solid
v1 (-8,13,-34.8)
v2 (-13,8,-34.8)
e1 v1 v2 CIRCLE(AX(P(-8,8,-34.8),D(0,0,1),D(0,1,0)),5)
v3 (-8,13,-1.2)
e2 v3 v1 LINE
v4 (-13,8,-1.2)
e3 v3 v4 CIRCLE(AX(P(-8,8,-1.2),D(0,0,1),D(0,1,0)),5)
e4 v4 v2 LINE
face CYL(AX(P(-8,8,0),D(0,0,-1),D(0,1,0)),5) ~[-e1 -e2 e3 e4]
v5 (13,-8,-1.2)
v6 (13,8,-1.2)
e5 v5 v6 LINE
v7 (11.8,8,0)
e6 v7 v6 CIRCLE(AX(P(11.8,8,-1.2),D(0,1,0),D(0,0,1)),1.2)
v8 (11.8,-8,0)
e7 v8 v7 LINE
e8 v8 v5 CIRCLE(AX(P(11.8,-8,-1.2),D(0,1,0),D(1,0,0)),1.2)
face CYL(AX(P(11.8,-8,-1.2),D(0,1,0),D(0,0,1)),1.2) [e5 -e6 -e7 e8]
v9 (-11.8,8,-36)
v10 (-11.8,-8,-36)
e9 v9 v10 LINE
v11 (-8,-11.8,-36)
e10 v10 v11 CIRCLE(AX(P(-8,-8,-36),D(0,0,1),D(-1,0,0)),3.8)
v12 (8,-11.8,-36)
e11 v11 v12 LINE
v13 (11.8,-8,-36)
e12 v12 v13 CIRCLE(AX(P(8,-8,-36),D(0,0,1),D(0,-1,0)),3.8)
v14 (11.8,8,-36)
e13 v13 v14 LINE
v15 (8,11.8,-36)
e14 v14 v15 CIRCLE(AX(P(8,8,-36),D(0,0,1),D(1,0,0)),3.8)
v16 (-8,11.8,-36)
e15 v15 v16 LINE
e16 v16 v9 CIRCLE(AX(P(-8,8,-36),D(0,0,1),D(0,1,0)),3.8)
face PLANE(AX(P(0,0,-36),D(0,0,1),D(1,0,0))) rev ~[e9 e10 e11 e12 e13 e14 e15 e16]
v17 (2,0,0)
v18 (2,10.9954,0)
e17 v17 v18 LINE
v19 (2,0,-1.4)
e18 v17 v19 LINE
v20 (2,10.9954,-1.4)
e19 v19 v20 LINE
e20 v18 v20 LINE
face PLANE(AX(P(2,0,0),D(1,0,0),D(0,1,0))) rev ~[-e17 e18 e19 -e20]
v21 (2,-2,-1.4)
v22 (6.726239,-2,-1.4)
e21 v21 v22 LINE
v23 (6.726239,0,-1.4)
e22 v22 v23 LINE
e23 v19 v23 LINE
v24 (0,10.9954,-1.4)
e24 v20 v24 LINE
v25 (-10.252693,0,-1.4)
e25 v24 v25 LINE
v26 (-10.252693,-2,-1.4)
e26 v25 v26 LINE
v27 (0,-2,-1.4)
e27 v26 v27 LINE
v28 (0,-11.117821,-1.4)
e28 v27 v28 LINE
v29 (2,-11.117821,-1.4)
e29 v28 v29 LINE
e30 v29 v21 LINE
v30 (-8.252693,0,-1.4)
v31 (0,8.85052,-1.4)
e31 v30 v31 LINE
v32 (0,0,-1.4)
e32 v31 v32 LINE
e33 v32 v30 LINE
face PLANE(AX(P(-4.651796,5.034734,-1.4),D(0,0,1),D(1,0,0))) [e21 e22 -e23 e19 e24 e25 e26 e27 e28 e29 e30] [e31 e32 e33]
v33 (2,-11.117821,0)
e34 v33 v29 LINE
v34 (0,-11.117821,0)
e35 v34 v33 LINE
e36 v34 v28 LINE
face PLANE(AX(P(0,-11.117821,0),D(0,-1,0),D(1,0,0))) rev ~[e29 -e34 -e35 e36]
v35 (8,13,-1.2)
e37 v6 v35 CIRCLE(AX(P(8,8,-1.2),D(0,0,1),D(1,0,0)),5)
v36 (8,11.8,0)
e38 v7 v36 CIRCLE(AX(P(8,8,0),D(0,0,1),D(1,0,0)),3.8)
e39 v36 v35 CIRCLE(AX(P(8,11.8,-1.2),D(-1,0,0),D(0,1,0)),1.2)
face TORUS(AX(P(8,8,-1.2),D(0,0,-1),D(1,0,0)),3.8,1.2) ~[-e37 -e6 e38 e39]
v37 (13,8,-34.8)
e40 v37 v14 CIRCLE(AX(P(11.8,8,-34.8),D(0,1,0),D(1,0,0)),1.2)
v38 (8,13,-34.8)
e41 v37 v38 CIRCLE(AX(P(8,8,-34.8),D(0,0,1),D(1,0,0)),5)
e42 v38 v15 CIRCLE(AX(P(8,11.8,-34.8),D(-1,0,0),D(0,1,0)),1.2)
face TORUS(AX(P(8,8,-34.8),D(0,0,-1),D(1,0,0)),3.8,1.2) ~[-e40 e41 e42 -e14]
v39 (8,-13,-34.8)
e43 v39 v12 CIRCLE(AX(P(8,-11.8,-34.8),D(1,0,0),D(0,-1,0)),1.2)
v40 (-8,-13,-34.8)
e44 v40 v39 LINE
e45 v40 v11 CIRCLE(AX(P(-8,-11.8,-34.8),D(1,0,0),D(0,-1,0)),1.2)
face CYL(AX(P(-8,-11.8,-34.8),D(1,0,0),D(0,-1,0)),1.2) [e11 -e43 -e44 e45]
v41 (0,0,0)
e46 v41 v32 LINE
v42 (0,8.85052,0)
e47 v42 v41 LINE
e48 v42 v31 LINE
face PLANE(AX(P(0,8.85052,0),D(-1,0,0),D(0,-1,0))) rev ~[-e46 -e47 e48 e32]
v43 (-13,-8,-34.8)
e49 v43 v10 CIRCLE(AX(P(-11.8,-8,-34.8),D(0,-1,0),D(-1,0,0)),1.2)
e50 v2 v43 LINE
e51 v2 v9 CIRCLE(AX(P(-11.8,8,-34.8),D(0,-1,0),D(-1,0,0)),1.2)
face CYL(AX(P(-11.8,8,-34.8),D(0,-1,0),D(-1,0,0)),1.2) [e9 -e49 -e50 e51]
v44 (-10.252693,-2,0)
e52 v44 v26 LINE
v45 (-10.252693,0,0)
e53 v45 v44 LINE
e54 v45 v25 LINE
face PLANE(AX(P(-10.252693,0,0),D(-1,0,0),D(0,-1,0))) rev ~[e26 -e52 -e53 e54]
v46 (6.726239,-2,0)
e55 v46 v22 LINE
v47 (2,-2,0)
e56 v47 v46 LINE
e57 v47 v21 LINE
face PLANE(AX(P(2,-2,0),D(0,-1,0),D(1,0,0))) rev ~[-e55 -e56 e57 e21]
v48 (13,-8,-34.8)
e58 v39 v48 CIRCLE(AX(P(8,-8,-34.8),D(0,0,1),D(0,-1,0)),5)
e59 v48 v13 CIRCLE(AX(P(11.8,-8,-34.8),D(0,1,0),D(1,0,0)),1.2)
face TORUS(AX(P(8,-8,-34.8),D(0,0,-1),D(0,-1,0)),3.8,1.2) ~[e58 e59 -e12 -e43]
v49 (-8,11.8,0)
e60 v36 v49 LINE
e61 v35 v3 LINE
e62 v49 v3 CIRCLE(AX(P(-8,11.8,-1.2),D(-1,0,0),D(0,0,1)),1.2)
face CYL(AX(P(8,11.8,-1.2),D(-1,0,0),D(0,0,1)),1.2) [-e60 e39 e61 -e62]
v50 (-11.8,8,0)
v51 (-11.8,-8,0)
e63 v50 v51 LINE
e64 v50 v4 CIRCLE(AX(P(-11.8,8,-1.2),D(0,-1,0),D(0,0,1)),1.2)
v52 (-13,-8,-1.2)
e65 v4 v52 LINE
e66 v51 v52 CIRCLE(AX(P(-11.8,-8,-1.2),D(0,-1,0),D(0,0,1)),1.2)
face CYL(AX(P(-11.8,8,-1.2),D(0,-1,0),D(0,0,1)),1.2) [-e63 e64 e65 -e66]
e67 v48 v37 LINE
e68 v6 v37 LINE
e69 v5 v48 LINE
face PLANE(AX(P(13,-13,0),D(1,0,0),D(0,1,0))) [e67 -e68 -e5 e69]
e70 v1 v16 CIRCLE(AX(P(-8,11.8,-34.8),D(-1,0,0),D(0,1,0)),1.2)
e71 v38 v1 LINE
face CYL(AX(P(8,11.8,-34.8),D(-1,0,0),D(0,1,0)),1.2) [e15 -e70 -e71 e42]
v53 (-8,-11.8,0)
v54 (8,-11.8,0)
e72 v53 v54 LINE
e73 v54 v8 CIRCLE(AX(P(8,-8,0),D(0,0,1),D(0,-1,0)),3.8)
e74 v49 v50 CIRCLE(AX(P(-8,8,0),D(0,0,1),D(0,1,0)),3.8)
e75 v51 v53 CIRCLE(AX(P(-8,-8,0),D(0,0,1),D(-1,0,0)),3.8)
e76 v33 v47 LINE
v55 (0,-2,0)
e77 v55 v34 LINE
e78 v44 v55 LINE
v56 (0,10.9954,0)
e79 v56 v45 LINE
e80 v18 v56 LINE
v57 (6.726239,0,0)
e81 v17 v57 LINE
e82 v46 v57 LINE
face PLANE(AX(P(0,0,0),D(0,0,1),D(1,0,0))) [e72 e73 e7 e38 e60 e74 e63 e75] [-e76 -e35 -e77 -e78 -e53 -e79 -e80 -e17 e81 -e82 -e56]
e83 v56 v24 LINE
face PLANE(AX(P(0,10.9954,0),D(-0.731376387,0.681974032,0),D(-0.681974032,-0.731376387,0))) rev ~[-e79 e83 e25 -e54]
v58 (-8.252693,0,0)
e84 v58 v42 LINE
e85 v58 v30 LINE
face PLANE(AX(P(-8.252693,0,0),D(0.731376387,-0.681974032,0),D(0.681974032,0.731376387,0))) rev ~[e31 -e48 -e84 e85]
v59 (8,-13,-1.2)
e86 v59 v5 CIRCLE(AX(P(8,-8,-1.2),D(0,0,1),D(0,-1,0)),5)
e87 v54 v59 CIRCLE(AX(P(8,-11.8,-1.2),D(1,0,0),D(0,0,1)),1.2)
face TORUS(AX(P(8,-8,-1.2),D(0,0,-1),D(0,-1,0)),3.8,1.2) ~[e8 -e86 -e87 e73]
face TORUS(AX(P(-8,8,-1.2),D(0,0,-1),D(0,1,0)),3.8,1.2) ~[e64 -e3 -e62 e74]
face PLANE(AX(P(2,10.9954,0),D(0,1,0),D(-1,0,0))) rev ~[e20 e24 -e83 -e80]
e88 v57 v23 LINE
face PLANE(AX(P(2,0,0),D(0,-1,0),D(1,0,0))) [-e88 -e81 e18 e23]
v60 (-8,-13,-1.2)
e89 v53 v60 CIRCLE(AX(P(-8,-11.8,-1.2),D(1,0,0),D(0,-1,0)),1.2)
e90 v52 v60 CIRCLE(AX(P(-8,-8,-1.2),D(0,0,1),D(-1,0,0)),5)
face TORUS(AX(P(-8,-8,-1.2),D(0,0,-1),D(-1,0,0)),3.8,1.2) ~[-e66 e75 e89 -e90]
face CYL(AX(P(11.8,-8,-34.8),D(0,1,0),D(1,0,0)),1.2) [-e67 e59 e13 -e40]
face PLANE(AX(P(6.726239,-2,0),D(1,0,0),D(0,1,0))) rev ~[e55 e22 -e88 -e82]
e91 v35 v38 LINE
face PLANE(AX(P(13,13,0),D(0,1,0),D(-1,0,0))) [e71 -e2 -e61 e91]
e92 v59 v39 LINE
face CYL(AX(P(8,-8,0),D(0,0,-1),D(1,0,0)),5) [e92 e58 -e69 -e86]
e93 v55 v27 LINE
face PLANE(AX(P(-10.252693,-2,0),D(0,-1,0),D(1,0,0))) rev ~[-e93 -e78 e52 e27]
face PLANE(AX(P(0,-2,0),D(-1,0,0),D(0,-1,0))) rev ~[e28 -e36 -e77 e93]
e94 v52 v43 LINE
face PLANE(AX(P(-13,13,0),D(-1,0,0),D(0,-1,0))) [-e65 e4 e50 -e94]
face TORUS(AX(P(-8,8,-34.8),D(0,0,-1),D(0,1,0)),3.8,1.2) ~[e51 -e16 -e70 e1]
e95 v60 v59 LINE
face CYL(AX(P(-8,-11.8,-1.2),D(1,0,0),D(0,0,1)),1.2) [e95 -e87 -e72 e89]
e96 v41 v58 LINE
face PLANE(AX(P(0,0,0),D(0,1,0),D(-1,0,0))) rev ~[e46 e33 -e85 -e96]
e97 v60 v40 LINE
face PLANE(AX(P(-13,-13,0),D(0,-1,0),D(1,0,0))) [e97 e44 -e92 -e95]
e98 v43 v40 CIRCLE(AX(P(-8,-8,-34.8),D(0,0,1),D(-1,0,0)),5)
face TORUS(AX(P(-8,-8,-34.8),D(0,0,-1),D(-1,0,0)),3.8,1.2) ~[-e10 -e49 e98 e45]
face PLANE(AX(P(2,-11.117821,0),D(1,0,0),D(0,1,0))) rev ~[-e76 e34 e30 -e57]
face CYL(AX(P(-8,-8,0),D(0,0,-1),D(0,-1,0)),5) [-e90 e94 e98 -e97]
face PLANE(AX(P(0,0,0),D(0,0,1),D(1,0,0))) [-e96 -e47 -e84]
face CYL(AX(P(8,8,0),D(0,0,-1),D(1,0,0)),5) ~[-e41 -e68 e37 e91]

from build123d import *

# Parameters (mm, degrees)
F0_W     = 2
F0_H     = 2
F0_H_2   = 9.117820628
F0_W_2   = 4.7262388766
F1_DEPTH = 36
F2_DEPTH = 1.4
F3_R     = 5
F4_R     = 1.2


with BuildPart() as f1:
    # F0 (on Top) → F1 (new body)
    with BuildSketch(Plane.XY):
        Polygon((13, -13), (13, 0), (13, 13), (-13, 13), (-13, -13), align=None)
        Polygon((-10.2526927367, 0), (0, 10.9954001382), (2, 10.9954001382), (2, 0), (6.7262388766, 0), (6.7262388766, -2), (2, -2), (2, -11.117820628), (0, -11.117820628), (0, -2), (-10.2526927367, -2), align=None, mode=Mode.SUBTRACT)
        Polygon((0, 8.8505196818), (0, 10.9954001382), (-10.2526927367, 0), (-8.2526927367, 0), align=None)
        Polygon((-8.2526927367, 0), (-10.2526927367, 0), (-10.2526927367, -2), (0, -2), (0, 0), align=None)
        Polygon((0, 0), (0, 8.8505196818), (-8.2526927367, 0), align=None)
        Polygon((2, 0), (2, 10.9954001382), (0, 8.8505196818), (0, 0), align=None)
        Polygon((2, 10.9954001382), (0, 10.9954001382), (0, 8.8505196818), align=None)
        with Locations((1, -1)):
            Rectangle(F0_W, F0_H)
        with Locations((1, -6.558910314)):
            Rectangle(F0_W, F0_H_2)
        with Locations((4.3631194383, -1)):
            Rectangle(F0_W_2, F0_H)
    extrude(amount=-F1_DEPTH)

    # F0 (on Top) → F2 (cut)
    with BuildSketch(Plane.XY):
        Polygon((0, 8.8505196818), (0, 10.9954001382), (-10.2526927367, 0), (-8.2526927367, 0), align=None)
        Polygon((2, 10.9954001382), (0, 10.9954001382), (0, 8.8505196818), align=None)
        Polygon((2, 0), (2, 10.9954001382), (0, 8.8505196818), (0, 0), align=None)
        with Locations((4.3631194383, -1)):
            Rectangle(F0_W_2, F0_H)
        with Locations((1, -6.558910314)):
            Rectangle(F0_W, F0_H_2)
        with Locations((1, -1)):
            Rectangle(F0_W, F0_H)
        Polygon((-8.2526927367, 0), (-10.2526927367, 0), (-10.2526927367, -2), (0, -2), (0, 0), align=None)
    extrude(amount=-F2_DEPTH, mode=Mode.SUBTRACT)

    # F3
    f3_edges = [f1.edges().sort_by_distance(p)[0] for p in [
        (13, 13, -18),
        (13, -13, -18),
        (-13, -13, -18),
        (-13, 13, -18),
    ]]
    fillet(f3_edges, radius=F3_R)

    # F4
    f4_edges = [f1.edges().sort_by_distance(p)[0] for p in [
        (-13, 0, 0),
        (-11.535534, 11.535534, 0),
        (0, 13, 0),
        (-11.535534, -11.535534, 0),
        (0, -13, 0),
        (11.535534, -11.535534, 0),
        (13, 0, 0),
        (11.535534, 11.535534, 0),
        (13, 0, -36),
        (11.535534, -11.535534, -36),
        (11.535534, 11.535534, -36),
        (0, -13, -36),
        (0, 13, -36),
        (-11.535534, -11.535534, -36),
        (-11.535534, 11.535534, -36),
        (-13, 0, -36),
    ]]
    fillet(f4_edges, radius=F4_R)


solid = f1.part
